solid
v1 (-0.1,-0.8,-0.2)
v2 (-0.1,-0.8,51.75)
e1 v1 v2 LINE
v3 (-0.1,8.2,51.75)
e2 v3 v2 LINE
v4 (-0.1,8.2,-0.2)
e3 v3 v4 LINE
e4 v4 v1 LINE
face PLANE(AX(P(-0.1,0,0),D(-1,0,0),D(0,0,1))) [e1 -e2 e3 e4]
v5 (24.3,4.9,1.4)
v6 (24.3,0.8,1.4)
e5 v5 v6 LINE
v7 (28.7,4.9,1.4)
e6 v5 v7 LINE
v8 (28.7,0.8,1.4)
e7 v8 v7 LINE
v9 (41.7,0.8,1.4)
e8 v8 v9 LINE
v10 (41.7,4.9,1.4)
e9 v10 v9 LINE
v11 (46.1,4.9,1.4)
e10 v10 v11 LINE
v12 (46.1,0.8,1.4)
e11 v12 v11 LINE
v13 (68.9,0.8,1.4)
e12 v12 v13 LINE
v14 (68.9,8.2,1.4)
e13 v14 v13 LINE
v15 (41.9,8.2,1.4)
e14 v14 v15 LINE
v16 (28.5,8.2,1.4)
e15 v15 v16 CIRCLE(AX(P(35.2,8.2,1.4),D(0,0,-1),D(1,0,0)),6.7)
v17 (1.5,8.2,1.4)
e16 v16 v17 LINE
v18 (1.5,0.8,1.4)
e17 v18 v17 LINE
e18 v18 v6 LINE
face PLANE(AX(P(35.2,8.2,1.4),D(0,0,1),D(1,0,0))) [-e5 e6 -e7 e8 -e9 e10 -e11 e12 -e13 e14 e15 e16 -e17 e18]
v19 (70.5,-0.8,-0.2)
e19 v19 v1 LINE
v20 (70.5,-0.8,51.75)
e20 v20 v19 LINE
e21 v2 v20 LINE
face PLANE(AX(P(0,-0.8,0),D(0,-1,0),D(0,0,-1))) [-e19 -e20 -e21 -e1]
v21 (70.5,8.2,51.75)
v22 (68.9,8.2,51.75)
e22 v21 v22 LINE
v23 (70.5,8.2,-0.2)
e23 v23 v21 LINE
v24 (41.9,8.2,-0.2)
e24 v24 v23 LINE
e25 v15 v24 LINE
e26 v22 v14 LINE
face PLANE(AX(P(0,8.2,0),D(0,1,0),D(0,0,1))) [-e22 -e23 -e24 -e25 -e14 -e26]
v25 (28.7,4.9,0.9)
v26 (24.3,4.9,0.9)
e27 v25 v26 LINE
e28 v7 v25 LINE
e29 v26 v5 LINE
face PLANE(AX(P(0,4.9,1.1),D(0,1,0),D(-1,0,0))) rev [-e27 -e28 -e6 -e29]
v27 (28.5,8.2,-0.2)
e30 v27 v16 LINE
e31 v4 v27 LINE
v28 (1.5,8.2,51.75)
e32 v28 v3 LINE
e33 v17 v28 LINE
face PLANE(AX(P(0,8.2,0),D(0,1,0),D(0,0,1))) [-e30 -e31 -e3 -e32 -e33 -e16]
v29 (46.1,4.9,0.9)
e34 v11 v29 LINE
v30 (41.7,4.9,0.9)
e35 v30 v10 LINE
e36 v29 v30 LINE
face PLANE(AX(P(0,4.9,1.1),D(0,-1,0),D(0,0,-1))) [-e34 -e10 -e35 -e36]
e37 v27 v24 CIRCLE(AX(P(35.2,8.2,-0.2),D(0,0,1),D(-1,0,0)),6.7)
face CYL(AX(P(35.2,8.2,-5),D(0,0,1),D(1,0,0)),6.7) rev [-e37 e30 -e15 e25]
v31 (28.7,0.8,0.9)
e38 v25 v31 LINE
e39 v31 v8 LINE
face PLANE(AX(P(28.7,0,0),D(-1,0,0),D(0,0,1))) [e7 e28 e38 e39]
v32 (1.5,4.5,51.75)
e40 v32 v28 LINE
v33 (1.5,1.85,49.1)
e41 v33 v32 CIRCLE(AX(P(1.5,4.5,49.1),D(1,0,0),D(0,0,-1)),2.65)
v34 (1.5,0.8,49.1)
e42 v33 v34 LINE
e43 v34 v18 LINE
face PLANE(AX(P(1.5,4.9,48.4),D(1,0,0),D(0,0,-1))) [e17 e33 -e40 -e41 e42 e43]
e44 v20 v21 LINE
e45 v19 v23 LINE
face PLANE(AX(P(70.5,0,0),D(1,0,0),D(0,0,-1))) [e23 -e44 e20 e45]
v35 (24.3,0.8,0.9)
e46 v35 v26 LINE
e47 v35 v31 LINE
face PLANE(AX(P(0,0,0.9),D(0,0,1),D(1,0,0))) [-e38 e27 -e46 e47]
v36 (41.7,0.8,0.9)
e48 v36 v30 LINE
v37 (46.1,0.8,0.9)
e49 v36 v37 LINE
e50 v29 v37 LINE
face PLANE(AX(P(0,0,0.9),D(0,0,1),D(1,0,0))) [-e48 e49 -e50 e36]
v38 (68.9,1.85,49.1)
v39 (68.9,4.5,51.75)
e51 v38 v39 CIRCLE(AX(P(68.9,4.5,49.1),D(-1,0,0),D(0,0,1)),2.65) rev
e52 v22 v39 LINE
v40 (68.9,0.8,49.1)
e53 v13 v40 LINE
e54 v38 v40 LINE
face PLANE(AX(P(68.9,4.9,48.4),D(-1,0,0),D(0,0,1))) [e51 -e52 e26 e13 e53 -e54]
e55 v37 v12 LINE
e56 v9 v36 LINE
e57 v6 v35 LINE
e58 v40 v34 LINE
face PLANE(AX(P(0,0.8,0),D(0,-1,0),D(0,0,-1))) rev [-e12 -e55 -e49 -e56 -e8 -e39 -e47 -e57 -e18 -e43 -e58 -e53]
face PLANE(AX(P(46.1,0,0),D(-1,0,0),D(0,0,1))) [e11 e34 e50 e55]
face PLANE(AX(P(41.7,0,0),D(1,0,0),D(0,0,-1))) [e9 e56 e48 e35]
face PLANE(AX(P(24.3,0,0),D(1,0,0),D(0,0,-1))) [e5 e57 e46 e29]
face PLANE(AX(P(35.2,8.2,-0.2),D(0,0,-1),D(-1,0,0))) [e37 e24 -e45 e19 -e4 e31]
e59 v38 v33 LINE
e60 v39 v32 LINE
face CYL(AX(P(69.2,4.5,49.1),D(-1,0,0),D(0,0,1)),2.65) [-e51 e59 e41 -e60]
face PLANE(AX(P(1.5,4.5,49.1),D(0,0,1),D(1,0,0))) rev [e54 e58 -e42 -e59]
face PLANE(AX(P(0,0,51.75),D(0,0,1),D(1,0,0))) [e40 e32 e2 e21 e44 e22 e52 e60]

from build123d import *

# Parameters (mm, degrees)
SKETCH1_W            = 70.4
SKETCH1_H            = 50.7
BOSS_EXTRUDE1_DEPTH  = 1.6
SKETCH2_W            = 70.4
SKETCH2_H            = 2.3
BOSS_EXTRUDE2_DEPTH  = 3.3
SKETCH4_R            = 2.3
BOSS_EXTRUDE3_DEPTH  = 70.4
BOSS_EXTRUDE4_DEPTH  = 6.6
SKETCH6_R            = 6.7
CUT_EXTRUDE1_DEPTH   = 6.6
SKETCH7_W            = 4.1
SKETCH7_H            = 3.3
CUT_EXTRUDE2_DEPTH   = 0.5
SKETCH9_W            = 70.4
SKETCH9_H            = 50.7
BOSS_EXTRUDE5_DEPTH  = 0.8
CUT_EXTRUDE3_DEPTH   = 0.8
BOSS_EXTRUDE6_DEPTH  = 0.2
CUT_EXTRUDE4_DEPTH   = 0.2
SKETCH13_W           = 4.1
SKETCH13_H           = 4.1
CUT_EXTRUDE5_DEPTH   = 0.2
SKETCH14_W           = 50.9
SKETCH14_H           = 9
BOSS_EXTRUDE7_DEPTH  = 0.1
CUT_EXTRUDE6_START   = -0.1
CUT_EXTRUDE6_DEPTH   = 0.1
CUT_EXTRUDE7_DEPTH   = 0.1
SKETCH17_W           = 50.9
SKETCH17_H           = 9
BOSS_EXTRUDE8_DEPTH  = 0.1
SKETCH18_W           = 0.5
SKETCH18_H           = 4.1
CUT_EXTRUDE8_DEPTH   = 0.2
SKETCH19_W           = 0.5
SKETCH19_H           = 4.1
CUT_EXTRUDE9_DEPTH   = 0.2
SKETCH21_W           = 0.5
SKETCH21_H           = 4.1
CUT_EXTRUDE10_DEPTH  = 0.1
SKETCH22_W           = 0.5
SKETCH22_H           = 4.1
CUT_EXTRUDE11_DEPTH  = 0.1
SKETCH24_W           = 67.4
SKETCH24_H           = 15.486571252
CUT_EXTRUDE12_DEPTH  = 23.1
SKETCH25_W           = 67.4
SKETCH25_H           = 1.6
BOSS_EXTRUDE9_DEPTH  = 3.7
SKETCH26_R           = 2.65
BOSS_EXTRUDE10_DEPTH = 67.7
BOSS_EXTRUDE13_DEPTH = 1.05


with BuildPart() as part:
    # Sketch1 → Boss-Extrude1 (new body)
    with BuildSketch(Plane(origin=(0, 0, 0), x_dir=(1, 0, 0), z_dir=(0, 1, 0))):
        with Locations((35.2, -25.35)):
            Rectangle(SKETCH1_W, SKETCH1_H)
    extrude(amount=BOSS_EXTRUDE1_DEPTH)

    # Sketch2 → Boss-Extrude2 (add)
    with BuildSketch(Plane(origin=(0, 1.6, 0), x_dir=(1, 0, 0), z_dir=(0, 1, 0))):
        with Locations((35.2, -49.55)):
            Rectangle(SKETCH2_W, SKETCH2_H)
    extrude(amount=BOSS_EXTRUDE2_DEPTH)

    # Sketch4 → Boss-Extrude3 (add)
    with BuildSketch(Plane.ZY):
        with Locations((48.4, 4.9)):
            Circle(SKETCH4_R)
    extrude(amount=-BOSS_EXTRUDE3_DEPTH)

    # Sketch5 → Boss-Extrude4 (add)
    with BuildSketch(Plane(origin=(0, 1.6, 0), x_dir=(1, 0, 0), z_dir=(0, 1, 0))):
        Polygon((1.6, -1.6), (68.8, -1.6), (68.8, -50.7), (70.4, -50.7), (70.4, 0), (0, 0), (0, -50.7), (1.6, -50.7), align=None)
    extrude(amount=BOSS_EXTRUDE4_DEPTH)

    # Sketch6 → Cut-Extrude1 (cut)
    with BuildSketch(Plane.XY.offset(1.6)):
        with Locations((35.2, 8.2)):
            Circle(SKETCH6_R)
    extrude(amount=-CUT_EXTRUDE1_DEPTH, mode=Mode.SUBTRACT)

    # Sketch7 → Cut-Extrude2 (cut)
    with BuildSketch(Plane.XY.offset(1.6)):
        with Locations((43.95, 3.25)):
            Rectangle(SKETCH7_W, SKETCH7_H)
        with Locations((26.45, 3.25)):
            Rectangle(SKETCH7_W, SKETCH7_H)
    extrude(amount=-CUT_EXTRUDE2_DEPTH, mode=Mode.SUBTRACT)

    # Sketch9 → Boss-Extrude5 (add)
    with BuildSketch(Plane.XZ):
        with Locations((35.2, 25.35)):
            Rectangle(SKETCH9_W, SKETCH9_H)
    extrude(amount=BOSS_EXTRUDE5_DEPTH)

    # Sketch10 → Cut-Extrude3 (cut)
    with BuildSketch(Plane(origin=(0, 1.6, 0), x_dir=(1, 0, 0), z_dir=(0, 1, 0))):
        Polygon((24.4, -1.6), (1.6, -1.6), (1.6, -48.4), (68.8, -48.4), (68.8, -1.6), (46, -1.6), (46, -1.1), (41.9, -1.1), (41.9, -1.6), (36.353256259, -1.6), (34.046743741, -1.6), (28.5, -1.6), (28.5, -1.1), (24.4, -1.1), align=None)
    extrude(amount=-CUT_EXTRUDE3_DEPTH, mode=Mode.SUBTRACT)

    # Sketch11 → Boss-Extrude6 (add)
    with BuildSketch(Plane(origin=(0, 0, 0), x_dir=(-1, 0, 0), z_dir=(0, 0, -1))):
        with BuildLine():
            Line((0, 8.2), (-28.5, 8.2))
            ThreePointArc((-28.5, 8.2), (-35.2, 1.5), (-41.9, 8.2))
            Line((-41.9, 8.2), (-70.4, 8.2))
            Line((-70.4, 8.2), (-70.4, -0.8))
            Line((-70.4, -0.8), (0, -0.8))
            Line((0, -0.8), (0, 8.2))
        make_face()
    extrude(amount=BOSS_EXTRUDE6_DEPTH)

    # Sketch12 → Cut-Extrude4 (cut)
    with BuildSketch(Plane.XY.offset(1.6)):
        with BuildLine():
            Line((28.5, 4.9), (28.5, 0.8))
            Line((28.5, 0.8), (41.9, 0.8))
            Line((41.9, 0.8), (41.9, 4.9))
            Line((41.9, 4.9), (46, 4.9))
            Line((46, 4.9), (46, 0.8))
            Line((46, 0.8), (68.8, 0.8))
            Line((68.8, 0.8), (68.8, 8.2))
            Line((68.8, 8.2), (41.9, 8.2))
            ThreePointArc((41.9, 8.2), (35.2, 1.5), (28.5, 8.2))
            Line((28.5, 8.2), (1.6, 8.2))
            Line((1.6, 8.2), (1.6, 0.8))
            Line((1.6, 0.8), (24.4, 0.8))
            Line((24.4, 0.8), (24.4, 4.9))
            Line((24.4, 4.9), (28.5, 4.9))
        make_face()
    extrude(amount=-CUT_EXTRUDE4_DEPTH, mode=Mode.SUBTRACT)

    # Sketch13 → Cut-Extrude5 (cut)
    with BuildSketch(Plane.XY.offset(1.1)):
        with Locations((43.95, 2.85)):
            Rectangle(SKETCH13_W, SKETCH13_H)
        with Locations((26.45, 2.85)):
            Rectangle(SKETCH13_W, SKETCH13_H)
    extrude(amount=-CUT_EXTRUDE5_DEPTH, mode=Mode.SUBTRACT)

    # Sketch14 → Boss-Extrude7 (add)
    with BuildSketch(Plane.ZY):
        with Locations((25.25, 3.7)):
            Rectangle(SKETCH14_W, SKETCH14_H)
    extrude(amount=BOSS_EXTRUDE7_DEPTH)

    # Sketch15 → Cut-Extrude6 (cut)
    with BuildSketch(Plane(origin=(1.6, 0, 0), x_dir=(0, 0, -1), z_dir=(1, 0, 0)).offset(CUT_EXTRUDE6_START)):
        with BuildLine():
            Line((-48.4, 2.6), (-48.4, 0.8))
            Line((-48.4, 0.8), (-1.4, 0.8))
            Line((-1.4, 0.8), (-1.4, 8.2))
            Line((-1.4, 8.2), (-50.7, 8.2))
            Line((-50.7, 8.2), (-50.7, 4.9))
            ThreePointArc((-50.7, 4.9), (-46.773654403, 6.526345597), (-48.4, 2.6))
        make_face()
    extrude(amount=CUT_EXTRUDE6_DEPTH, mode=Mode.SUBTRACT)

    # Sketch16 → Cut-Extrude7 (cut)
    with BuildSketch(Plane.ZY.offset(-68.8)):
        with BuildLine():
            Line((50.7, 8.2), (1.4, 8.2))
            Line((1.4, 8.2), (1.4, 0.8))
            Line((1.4, 0.8), (48.4, 0.8))
            Line((48.4, 0.8), (48.4, 2.6))
            ThreePointArc((48.4, 2.6), (46.773654403, 6.526345597), (50.7, 4.9))
            Line((50.7, 4.9), (50.7, 8.2))
        make_face()
    extrude(amount=-CUT_EXTRUDE7_DEPTH, mode=Mode.SUBTRACT)

    # Sketch17 → Boss-Extrude8 (add)
    with BuildSketch(Plane(origin=(70.4, 0, 0), x_dir=(0, 0, -1), z_dir=(1, 0, 0))):
        with Locations((-25.25, 3.7)):
            Rectangle(SKETCH17_W, SKETCH17_H)
    extrude(amount=BOSS_EXTRUDE8_DEPTH)

    # Sketch18 → Cut-Extrude8 (cut)
    with BuildSketch(Plane(origin=(41.9, 0, 0), x_dir=(0, 0, -1), z_dir=(1, 0, 0))):
        with Locations((-1.15, 2.85)):
            Rectangle(SKETCH18_W, SKETCH18_H)
    extrude(amount=-CUT_EXTRUDE8_DEPTH, mode=Mode.SUBTRACT)

    # Sketch19 → Cut-Extrude9 (cut)
    with BuildSketch(Plane.ZY.offset(-28.5)):
        with Locations((1.15, 2.85)):
            Rectangle(SKETCH19_W, SKETCH19_H)
    extrude(amount=-CUT_EXTRUDE9_DEPTH, mode=Mode.SUBTRACT)

    # Sketch21 → Cut-Extrude10 (cut)
    with BuildSketch(Plane.ZY.offset(-46)):
        with Locations((1.15, 2.85)):
            Rectangle(SKETCH21_W, SKETCH21_H)
    extrude(amount=-CUT_EXTRUDE10_DEPTH, mode=Mode.SUBTRACT)

    # Sketch22 → Cut-Extrude11 (cut)
    with BuildSketch(Plane(origin=(24.4, 0, 0), x_dir=(0, 0, -1), z_dir=(1, 0, 0))):
        with Locations((-1.15, 2.85)):
            Rectangle(SKETCH22_W, SKETCH22_H)
    extrude(amount=-CUT_EXTRUDE11_DEPTH, mode=Mode.SUBTRACT)

    # Sketch24 → Cut-Extrude12 (cut)
    with BuildSketch(Plane(origin=(0, 0.8, 0), x_dir=(1, 0, 0), z_dir=(0, 1, 0))):
        with Locations((35.2, -45.729904974)):
            Rectangle(SKETCH24_W, SKETCH24_H)
    extrude(amount=CUT_EXTRUDE12_DEPTH, mode=Mode.SUBTRACT)

    # Sketch25 → Boss-Extrude9 (add)
    with BuildSketch(Plane(origin=(0, 0.8, 0), x_dir=(1, 0, 0), z_dir=(0, 1, 0))):
        with Locations((35.2, -49.9)):
            Rectangle(SKETCH25_W, SKETCH25_H)
    extrude(amount=BOSS_EXTRUDE9_DEPTH)

    # Sketch26 → Boss-Extrude10 (add)
    with BuildSketch(Plane(origin=(1.5, 0, 0), x_dir=(0, 0, -1), z_dir=(1, 0, 0))):
        with Locations((-49.1, 4.5)):
            Circle(SKETCH26_R)
    extrude(amount=BOSS_EXTRUDE10_DEPTH)

    # Sketch27 → Boss-Extrude13 (add)
    with BuildSketch(Plane.XY.offset(50.7)):
        Polygon((68.9, -0.8), (70.5, -0.8), (70.5, 4.77), (70.5, 8.2), (68.9, 8.2), (68.9, 6.612463017), (69.2, 6.612463017), (69.2, 2.387536983), (1.5, 2.387536983), (1.5, 4.5), (1.5, 6.612463017), (1.5, 8.2), (-0.1, 8.2), (-0.1, 4.77), (-0.1, -0.8), (1.5, -0.8), align=None)
        Polygon((69.2, 6.612463017), (68.9, 6.612463017), (68.9, 4.5), (1.5, 4.5), (1.5, 2.387536983), (69.2, 2.387536983), align=None)
    extrude(amount=BOSS_EXTRUDE13_DEPTH)


solid = part.part
